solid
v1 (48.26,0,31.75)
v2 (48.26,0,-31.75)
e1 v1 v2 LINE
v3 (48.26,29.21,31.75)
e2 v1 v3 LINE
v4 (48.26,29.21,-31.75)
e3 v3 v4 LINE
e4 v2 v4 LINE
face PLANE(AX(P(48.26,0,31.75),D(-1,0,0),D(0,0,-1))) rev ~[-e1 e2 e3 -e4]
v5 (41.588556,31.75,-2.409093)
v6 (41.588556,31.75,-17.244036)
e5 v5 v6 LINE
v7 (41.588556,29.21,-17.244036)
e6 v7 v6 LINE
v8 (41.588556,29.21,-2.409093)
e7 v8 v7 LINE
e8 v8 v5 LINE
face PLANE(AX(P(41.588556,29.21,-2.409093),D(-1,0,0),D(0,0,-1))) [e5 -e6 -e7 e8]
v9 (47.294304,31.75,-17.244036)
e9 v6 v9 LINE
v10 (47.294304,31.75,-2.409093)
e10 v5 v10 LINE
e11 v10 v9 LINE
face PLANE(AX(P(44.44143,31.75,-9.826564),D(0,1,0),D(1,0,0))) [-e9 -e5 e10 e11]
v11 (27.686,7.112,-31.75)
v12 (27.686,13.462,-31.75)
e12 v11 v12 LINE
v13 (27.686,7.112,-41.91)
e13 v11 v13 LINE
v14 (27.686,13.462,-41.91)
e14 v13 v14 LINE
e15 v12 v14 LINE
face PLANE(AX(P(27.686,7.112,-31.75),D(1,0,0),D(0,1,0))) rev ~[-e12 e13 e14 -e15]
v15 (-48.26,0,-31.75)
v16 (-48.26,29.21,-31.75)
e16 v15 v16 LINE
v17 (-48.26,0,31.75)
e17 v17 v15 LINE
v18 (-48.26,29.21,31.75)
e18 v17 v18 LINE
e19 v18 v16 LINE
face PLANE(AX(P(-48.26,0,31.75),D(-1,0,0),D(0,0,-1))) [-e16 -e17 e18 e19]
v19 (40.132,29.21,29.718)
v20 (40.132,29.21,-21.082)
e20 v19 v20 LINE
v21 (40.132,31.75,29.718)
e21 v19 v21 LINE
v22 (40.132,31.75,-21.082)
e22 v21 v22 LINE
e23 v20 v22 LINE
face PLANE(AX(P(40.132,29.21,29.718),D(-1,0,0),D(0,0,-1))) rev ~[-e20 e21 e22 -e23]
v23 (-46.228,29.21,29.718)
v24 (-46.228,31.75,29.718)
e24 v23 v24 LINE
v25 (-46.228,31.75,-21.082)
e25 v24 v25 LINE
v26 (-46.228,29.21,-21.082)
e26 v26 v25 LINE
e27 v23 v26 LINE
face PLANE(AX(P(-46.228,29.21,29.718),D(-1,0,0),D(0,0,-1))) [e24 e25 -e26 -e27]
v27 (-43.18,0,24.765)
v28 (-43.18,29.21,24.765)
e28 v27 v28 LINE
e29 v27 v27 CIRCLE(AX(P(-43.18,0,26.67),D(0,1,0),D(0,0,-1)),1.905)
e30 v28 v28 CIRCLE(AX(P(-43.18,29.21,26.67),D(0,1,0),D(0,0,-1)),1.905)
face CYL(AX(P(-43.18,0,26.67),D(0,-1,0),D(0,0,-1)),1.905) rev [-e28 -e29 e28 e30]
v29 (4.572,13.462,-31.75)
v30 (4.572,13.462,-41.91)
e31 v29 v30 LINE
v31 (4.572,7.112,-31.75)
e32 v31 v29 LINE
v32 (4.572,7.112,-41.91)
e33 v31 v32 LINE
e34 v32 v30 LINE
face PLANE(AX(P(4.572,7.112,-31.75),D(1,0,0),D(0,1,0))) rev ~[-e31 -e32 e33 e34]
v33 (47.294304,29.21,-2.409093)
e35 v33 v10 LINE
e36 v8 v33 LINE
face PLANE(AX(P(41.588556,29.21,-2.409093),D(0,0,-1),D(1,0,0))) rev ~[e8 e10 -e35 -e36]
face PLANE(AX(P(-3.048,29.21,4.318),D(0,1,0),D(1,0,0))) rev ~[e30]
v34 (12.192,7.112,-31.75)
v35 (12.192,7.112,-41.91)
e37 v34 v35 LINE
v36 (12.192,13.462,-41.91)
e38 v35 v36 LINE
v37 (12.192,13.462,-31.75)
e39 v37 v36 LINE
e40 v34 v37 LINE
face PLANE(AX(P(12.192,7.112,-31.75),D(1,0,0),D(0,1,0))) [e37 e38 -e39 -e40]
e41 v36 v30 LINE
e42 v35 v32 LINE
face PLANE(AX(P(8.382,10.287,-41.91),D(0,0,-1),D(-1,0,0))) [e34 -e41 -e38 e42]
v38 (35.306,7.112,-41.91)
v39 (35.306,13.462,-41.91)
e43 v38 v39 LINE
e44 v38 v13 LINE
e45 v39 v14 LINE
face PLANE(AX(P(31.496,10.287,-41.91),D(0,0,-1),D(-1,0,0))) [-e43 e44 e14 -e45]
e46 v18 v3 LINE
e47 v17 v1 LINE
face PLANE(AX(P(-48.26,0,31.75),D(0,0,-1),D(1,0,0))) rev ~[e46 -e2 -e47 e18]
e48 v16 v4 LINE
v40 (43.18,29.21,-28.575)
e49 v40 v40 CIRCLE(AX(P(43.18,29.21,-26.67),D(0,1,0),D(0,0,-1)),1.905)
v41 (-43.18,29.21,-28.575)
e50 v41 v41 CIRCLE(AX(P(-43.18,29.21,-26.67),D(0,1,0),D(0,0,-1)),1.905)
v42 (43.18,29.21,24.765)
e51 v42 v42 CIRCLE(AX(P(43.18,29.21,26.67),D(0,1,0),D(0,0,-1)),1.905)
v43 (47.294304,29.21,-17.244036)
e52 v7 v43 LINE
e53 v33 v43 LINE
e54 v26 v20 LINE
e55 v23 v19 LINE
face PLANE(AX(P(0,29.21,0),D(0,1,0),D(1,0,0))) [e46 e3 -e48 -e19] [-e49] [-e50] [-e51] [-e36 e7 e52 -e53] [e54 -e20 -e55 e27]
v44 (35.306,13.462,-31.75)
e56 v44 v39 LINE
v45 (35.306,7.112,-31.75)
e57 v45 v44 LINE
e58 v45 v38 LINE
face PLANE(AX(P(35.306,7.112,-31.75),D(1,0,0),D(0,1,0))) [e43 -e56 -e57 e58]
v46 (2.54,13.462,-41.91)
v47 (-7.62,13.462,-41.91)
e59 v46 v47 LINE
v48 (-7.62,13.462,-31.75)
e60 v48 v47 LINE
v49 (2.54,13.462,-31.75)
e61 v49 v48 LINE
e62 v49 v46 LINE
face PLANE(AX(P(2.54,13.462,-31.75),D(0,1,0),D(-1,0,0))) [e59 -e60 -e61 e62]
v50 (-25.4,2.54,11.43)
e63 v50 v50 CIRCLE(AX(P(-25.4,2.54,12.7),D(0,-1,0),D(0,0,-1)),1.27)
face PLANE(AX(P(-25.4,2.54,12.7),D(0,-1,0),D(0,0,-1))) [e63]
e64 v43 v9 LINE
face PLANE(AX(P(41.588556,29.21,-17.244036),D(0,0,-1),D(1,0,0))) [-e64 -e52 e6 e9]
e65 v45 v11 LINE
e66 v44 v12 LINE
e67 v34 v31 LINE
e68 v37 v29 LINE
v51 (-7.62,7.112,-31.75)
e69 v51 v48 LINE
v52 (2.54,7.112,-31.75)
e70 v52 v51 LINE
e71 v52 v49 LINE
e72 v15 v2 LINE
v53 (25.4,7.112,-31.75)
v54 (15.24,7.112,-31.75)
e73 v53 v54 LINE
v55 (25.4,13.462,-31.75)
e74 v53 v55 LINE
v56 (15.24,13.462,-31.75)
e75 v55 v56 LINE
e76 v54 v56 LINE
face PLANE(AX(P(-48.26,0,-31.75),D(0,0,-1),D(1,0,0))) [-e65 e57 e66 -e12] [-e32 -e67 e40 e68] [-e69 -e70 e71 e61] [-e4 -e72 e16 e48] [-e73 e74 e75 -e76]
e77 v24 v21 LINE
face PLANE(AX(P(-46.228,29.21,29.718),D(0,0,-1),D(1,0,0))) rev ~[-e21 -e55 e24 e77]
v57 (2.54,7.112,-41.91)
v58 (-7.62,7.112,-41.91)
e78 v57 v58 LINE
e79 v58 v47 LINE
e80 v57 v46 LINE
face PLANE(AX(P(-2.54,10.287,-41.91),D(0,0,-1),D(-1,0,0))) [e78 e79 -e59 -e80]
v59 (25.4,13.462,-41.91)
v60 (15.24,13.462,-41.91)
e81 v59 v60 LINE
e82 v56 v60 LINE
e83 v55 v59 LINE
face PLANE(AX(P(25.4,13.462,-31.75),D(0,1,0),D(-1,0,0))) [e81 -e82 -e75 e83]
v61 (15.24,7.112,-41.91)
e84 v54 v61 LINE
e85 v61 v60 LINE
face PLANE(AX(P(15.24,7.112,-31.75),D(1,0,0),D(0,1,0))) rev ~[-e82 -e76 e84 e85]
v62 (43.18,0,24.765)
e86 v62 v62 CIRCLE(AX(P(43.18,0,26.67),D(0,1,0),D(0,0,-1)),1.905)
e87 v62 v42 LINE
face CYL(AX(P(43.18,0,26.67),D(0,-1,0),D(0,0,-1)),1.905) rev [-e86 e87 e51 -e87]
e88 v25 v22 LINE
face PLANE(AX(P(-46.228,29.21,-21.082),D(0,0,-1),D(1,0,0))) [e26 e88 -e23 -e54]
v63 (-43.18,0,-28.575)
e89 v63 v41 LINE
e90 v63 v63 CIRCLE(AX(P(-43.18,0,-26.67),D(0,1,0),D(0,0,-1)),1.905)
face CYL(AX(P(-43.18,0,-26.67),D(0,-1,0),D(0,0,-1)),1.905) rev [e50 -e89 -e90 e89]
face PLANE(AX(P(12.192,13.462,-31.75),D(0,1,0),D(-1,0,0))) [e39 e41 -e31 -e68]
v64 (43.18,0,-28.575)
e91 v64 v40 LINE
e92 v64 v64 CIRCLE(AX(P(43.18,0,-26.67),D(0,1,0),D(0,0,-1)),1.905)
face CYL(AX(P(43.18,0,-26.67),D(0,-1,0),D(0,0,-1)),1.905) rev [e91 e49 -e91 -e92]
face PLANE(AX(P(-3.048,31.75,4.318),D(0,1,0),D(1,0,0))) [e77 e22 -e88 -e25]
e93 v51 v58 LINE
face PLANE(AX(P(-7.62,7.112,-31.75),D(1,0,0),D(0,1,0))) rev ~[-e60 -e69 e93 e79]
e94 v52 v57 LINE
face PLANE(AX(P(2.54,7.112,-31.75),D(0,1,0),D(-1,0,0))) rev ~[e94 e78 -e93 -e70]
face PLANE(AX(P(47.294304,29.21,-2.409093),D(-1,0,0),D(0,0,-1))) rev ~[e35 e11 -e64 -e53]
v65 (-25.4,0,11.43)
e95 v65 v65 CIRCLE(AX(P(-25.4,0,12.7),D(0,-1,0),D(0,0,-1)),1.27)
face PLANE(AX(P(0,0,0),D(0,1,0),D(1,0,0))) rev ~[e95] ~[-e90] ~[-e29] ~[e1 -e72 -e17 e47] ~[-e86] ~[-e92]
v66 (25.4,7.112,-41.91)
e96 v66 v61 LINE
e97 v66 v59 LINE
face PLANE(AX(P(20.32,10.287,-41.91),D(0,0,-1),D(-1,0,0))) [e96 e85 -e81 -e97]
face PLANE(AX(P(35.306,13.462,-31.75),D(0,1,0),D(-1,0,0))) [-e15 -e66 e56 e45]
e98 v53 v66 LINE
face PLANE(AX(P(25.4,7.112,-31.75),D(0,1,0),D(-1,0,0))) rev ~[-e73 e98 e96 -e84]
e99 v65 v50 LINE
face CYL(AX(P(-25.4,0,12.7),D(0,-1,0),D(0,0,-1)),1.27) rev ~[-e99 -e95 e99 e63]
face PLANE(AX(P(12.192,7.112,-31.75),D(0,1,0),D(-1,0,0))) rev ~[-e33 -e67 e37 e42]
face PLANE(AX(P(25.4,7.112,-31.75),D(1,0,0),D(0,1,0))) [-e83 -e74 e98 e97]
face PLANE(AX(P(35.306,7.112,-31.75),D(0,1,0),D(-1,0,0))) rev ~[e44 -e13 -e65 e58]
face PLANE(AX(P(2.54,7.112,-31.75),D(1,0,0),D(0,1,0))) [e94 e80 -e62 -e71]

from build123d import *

# Parameters (mm, degrees)
SKETCH1_W           = 96.52
SKETCH1_H           = 63.5
SKETCH1_R           = 1.905
BOSS_EXTRUDE1_DEPTH = 29.21
SKETCH2_W           = 86.36
SKETCH2_H           = 50.8
SKETCH2_W_2         = 5.705747077
SKETCH2_H_2         = 14.834942399
BOSS_EXTRUDE2_DEPTH = 2.54
SKETCH3_R           = 1.27
CUT_EXTRUDE1_DEPTH  = 2.54
SKETCH4_W           = 7.62
SKETCH4_H           = 6.35
SKETCH4_W_2         = 10.16
BOSS_EXTRUDE3_DEPTH = 10.16


with BuildPart() as part:
    # Sketch1 → Boss-Extrude1 (new body)
    with BuildSketch(Plane(origin=(0, 0, 0), x_dir=(1, 0, 0), z_dir=(0, 1, 0))):
        Rectangle(SKETCH1_W, SKETCH1_H)
        with Locations(Location((-43.18, 26.67, 0), (0, 0, 90))):
            Circle(SKETCH1_R, mode=Mode.SUBTRACT)
        with Locations(Location((43.18, 26.67, 0), (0, 0, 90))):
            Circle(SKETCH1_R, mode=Mode.SUBTRACT)
        with Locations(Location((43.18, -26.67, 0), (0, 0, 90))):
            Circle(SKETCH1_R, mode=Mode.SUBTRACT)
        with Locations(Location((-43.18, -26.67, 0), (0, 0, 90))):
            Circle(SKETCH1_R, mode=Mode.SUBTRACT)
    extrude(amount=BOSS_EXTRUDE1_DEPTH)

    # Sketch2 → Boss-Extrude2 (add)
    with BuildSketch(Plane(origin=(0, 29.21, 0), x_dir=(1, 0, 0), z_dir=(0, 1, 0))):
        with Locations((-3.048, -4.318)):
            Rectangle(SKETCH2_W, SKETCH2_H)
        with Locations((44.441430006, 9.82656441)):
            Rectangle(SKETCH2_W_2, SKETCH2_H_2)
    extrude(amount=BOSS_EXTRUDE2_DEPTH)

    # Sketch3 → Cut-Extrude1 (cut)
    with BuildSketch(Plane.XZ):
        with Locations(Location((-25.4, 12.7, 0), (0, 0, 270))):
            Circle(SKETCH3_R)
    extrude(amount=-CUT_EXTRUDE1_DEPTH, mode=Mode.SUBTRACT)

    # Sketch4 → Boss-Extrude3 (add)
    with BuildSketch(Plane(origin=(0, 0, -31.75), x_dir=(-1, 0, 0), z_dir=(0, 0, -1))):
        with Locations((-31.496, 10.287)):
            Rectangle(SKETCH4_W, SKETCH4_H)
        with Locations((-20.32, 10.287)):
            Rectangle(SKETCH4_W_2, SKETCH4_H)
        with Locations((-8.382, 10.287)):
            Rectangle(SKETCH4_W, SKETCH4_H)
        with Locations((2.54, 10.287)):
            Rectangle(SKETCH4_W_2, SKETCH4_H)
    extrude(amount=BOSS_EXTRUDE3_DEPTH)


solid = part.part
